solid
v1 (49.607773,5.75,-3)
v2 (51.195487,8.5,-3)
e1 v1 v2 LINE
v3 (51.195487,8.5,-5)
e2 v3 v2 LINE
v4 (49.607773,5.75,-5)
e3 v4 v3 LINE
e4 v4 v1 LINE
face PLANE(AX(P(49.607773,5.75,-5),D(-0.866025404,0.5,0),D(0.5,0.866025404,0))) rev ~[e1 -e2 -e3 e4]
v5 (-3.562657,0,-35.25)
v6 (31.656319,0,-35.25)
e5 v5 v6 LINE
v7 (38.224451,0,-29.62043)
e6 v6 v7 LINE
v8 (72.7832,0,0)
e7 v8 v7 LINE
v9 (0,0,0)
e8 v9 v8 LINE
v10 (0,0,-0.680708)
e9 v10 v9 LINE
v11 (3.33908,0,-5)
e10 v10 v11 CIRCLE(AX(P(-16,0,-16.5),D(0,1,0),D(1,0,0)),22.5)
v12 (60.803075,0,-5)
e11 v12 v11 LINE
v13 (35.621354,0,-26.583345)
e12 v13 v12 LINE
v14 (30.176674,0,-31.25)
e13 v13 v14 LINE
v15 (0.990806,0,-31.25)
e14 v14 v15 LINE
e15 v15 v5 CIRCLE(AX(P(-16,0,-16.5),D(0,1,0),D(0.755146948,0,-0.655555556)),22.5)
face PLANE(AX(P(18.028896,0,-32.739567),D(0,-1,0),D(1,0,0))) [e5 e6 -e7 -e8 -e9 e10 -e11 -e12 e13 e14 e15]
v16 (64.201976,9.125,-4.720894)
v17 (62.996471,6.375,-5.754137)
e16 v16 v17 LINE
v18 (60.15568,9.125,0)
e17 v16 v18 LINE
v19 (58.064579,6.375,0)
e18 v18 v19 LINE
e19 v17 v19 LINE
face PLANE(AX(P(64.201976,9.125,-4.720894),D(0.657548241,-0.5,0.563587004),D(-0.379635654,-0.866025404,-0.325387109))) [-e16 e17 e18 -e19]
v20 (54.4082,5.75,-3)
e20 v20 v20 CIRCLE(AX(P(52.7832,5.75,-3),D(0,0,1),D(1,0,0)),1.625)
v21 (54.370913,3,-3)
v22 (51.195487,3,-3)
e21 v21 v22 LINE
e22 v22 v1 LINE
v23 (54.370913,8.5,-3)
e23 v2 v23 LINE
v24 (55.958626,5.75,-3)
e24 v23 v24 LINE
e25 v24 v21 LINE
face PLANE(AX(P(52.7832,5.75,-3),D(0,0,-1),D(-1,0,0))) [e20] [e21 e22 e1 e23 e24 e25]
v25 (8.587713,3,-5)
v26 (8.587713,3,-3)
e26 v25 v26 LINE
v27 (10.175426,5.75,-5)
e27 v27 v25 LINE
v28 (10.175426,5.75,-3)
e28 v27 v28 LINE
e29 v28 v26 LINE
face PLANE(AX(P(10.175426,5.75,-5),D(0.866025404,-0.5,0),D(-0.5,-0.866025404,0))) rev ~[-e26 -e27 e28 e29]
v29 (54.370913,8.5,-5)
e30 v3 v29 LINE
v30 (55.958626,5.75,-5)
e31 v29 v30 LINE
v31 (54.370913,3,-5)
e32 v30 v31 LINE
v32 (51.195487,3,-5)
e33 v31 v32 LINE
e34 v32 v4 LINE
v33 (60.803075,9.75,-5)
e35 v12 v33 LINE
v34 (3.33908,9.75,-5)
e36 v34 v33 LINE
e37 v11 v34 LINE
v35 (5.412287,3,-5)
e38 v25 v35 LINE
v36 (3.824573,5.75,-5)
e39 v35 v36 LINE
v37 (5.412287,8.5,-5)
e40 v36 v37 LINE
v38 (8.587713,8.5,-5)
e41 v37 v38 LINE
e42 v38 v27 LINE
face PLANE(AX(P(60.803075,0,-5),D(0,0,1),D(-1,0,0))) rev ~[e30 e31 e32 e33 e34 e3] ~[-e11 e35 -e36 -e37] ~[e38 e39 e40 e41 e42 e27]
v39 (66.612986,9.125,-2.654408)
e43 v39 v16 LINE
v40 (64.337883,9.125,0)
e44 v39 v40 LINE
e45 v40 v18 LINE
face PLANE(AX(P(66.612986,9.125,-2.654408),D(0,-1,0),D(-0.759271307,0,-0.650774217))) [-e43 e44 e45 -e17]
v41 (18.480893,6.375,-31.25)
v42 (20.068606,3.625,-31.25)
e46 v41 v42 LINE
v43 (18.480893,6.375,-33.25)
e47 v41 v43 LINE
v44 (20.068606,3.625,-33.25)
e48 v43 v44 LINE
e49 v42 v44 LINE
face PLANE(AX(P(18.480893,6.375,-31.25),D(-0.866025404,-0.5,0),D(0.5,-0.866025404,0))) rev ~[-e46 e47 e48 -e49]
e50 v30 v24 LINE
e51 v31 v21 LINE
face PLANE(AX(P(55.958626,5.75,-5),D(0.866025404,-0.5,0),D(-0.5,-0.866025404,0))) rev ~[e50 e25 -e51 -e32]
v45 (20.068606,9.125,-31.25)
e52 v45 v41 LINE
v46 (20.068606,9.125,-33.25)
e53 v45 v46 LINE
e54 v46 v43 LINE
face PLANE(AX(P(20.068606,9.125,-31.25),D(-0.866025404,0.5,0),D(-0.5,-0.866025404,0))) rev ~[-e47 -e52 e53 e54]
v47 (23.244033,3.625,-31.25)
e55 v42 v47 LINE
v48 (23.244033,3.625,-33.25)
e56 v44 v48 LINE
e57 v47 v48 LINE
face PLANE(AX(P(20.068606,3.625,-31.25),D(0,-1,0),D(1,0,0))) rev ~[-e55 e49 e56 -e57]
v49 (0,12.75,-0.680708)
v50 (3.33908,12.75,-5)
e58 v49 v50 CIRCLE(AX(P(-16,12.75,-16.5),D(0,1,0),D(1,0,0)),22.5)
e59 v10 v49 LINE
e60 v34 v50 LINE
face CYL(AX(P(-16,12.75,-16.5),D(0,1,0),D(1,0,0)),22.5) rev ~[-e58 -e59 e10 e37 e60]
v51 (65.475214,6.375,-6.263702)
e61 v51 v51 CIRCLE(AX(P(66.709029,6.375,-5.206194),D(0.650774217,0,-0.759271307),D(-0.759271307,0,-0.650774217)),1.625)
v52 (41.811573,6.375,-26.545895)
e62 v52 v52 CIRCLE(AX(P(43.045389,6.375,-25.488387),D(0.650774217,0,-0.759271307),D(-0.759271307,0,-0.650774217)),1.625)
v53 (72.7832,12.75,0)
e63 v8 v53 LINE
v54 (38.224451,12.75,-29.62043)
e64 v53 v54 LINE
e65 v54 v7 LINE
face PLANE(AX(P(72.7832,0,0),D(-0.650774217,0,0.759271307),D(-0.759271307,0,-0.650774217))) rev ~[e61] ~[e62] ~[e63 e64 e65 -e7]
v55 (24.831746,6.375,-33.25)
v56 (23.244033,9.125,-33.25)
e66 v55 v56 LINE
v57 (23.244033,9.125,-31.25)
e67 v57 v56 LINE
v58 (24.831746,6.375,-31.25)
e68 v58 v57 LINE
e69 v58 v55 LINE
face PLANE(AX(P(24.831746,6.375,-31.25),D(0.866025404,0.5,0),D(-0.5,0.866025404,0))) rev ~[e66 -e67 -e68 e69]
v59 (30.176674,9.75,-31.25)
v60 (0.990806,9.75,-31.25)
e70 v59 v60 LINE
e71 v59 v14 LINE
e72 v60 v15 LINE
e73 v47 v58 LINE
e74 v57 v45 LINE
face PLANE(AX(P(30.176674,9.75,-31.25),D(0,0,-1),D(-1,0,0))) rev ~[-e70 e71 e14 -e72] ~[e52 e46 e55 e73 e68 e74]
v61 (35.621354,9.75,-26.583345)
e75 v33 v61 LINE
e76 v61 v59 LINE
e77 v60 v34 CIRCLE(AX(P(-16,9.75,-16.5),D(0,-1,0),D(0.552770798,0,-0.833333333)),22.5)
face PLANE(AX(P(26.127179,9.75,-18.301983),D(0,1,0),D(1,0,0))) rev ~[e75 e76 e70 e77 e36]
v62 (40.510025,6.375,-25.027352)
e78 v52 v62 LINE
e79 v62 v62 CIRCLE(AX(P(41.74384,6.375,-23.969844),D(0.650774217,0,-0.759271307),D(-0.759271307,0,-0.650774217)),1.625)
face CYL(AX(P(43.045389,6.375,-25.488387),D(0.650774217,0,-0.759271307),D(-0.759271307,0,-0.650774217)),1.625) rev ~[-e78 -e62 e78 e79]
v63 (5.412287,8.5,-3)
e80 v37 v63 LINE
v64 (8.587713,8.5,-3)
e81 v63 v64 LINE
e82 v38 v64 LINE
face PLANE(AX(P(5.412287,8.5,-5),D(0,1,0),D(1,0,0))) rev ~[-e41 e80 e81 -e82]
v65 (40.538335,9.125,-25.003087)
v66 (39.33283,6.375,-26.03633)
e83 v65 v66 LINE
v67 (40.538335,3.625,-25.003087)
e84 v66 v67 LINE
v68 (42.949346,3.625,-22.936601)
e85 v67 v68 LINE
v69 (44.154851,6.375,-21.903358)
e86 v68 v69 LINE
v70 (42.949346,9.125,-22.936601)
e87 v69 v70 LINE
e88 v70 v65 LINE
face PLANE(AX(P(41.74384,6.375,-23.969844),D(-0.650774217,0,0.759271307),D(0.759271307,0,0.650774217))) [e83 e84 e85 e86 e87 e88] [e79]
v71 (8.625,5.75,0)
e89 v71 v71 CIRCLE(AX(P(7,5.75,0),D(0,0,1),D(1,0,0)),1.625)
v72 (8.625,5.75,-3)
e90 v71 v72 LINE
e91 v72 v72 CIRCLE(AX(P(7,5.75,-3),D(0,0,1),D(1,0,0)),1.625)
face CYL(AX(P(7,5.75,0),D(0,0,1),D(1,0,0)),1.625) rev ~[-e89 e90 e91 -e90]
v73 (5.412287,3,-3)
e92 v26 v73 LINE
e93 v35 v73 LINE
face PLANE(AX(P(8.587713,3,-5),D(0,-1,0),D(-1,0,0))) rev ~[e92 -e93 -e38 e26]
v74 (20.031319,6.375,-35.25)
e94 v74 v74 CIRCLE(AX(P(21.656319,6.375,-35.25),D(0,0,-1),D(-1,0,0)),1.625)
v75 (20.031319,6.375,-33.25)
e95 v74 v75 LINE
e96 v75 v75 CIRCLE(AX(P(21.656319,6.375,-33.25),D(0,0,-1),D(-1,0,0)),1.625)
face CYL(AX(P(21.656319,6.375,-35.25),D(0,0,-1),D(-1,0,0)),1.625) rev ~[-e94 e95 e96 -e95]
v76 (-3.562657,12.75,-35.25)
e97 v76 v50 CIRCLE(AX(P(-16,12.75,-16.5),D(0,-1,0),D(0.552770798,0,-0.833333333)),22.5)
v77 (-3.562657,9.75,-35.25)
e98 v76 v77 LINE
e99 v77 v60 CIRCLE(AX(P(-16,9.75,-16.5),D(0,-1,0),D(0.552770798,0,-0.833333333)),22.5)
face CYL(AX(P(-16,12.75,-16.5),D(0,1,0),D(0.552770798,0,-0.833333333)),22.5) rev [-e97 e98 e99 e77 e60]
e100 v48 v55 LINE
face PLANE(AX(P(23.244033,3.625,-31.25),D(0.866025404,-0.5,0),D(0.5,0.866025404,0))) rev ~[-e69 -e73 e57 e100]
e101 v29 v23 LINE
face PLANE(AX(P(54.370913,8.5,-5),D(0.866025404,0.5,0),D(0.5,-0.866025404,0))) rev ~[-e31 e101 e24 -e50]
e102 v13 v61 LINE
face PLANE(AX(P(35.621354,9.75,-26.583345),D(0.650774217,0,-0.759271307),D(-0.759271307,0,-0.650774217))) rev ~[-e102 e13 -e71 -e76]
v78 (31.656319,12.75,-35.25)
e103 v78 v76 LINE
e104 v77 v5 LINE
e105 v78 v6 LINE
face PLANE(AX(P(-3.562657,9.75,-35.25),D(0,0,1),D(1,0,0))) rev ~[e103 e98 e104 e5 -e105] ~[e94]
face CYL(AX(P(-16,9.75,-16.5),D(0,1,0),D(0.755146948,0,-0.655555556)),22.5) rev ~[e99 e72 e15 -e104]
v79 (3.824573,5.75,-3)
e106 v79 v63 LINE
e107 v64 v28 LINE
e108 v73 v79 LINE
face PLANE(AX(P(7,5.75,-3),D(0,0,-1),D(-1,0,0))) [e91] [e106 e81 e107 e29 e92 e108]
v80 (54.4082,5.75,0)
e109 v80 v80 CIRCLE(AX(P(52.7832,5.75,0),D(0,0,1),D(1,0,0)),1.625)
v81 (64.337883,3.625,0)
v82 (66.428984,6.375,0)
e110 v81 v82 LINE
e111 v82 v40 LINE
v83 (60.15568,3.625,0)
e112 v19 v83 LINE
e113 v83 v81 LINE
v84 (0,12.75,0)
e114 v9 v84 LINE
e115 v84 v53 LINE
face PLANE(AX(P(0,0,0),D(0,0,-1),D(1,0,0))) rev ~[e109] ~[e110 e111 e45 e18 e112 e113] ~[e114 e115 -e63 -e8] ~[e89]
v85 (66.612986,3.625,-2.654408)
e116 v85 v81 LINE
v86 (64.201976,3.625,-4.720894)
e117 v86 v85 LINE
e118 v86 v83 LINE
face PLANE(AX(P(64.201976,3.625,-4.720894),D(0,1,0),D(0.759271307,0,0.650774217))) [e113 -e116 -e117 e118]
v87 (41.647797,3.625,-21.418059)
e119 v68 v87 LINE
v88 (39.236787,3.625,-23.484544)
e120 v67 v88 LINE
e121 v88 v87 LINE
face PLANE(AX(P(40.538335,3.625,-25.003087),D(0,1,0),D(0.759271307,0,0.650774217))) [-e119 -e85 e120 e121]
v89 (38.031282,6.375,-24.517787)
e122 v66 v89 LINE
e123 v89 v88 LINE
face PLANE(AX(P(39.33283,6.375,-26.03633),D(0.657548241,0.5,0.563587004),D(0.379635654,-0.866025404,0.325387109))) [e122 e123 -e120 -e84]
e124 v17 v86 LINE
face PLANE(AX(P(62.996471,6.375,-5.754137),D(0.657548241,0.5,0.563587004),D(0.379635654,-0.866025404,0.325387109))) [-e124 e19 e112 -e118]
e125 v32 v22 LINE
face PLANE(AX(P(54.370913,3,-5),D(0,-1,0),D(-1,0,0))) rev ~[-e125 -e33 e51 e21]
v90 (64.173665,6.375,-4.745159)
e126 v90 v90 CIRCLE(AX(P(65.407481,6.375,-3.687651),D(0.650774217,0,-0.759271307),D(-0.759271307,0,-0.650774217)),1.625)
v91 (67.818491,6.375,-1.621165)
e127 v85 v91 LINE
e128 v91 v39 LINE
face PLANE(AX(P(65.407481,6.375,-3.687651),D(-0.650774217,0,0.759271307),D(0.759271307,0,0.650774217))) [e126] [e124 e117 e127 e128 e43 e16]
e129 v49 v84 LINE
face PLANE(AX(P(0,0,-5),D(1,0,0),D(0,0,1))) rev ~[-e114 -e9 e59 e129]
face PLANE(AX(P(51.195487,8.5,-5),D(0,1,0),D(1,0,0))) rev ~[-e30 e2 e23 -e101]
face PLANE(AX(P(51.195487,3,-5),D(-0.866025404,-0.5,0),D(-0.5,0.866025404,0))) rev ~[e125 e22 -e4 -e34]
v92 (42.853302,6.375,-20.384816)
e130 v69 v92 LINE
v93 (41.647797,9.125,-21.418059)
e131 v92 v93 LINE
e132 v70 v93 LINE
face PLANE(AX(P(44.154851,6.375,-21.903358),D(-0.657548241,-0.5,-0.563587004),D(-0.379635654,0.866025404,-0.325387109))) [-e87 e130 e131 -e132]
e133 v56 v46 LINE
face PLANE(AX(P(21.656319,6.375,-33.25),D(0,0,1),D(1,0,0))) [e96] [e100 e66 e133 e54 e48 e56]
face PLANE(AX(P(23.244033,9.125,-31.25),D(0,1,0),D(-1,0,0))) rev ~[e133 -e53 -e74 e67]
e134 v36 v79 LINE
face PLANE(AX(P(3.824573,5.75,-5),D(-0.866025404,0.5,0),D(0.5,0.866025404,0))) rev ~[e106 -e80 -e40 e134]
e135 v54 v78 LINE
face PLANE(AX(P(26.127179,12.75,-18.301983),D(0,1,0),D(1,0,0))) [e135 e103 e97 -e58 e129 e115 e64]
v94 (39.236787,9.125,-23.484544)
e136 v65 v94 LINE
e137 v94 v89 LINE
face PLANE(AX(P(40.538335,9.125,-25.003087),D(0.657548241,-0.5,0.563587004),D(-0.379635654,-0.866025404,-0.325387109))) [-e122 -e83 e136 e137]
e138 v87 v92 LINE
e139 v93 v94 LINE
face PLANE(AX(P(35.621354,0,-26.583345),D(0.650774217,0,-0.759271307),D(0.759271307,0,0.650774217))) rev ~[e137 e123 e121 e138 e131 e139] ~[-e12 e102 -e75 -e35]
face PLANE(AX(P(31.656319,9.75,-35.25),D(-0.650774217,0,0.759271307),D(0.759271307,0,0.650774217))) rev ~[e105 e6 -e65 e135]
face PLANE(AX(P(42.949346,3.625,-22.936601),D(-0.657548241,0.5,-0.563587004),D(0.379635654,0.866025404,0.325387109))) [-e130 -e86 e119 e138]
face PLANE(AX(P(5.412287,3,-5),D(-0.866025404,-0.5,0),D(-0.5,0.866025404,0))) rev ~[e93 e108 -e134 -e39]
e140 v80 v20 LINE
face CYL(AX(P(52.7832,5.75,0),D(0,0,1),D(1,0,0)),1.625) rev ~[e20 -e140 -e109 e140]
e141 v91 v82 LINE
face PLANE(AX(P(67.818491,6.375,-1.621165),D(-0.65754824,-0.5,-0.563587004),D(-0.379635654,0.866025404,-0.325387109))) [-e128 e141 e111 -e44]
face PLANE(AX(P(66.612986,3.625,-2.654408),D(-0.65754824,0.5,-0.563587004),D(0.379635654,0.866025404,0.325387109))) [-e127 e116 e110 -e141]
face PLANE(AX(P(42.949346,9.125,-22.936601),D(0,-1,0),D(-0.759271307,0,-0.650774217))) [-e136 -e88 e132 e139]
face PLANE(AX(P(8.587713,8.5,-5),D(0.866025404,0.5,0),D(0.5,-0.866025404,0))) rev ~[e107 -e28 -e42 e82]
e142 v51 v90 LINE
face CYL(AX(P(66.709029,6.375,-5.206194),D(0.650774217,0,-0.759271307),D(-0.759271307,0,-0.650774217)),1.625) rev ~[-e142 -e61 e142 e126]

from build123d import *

# Parameters (mm, degrees)
SALIENTE_EXTRUIR1_DEPTH = 12.75
CORTAR_EXTRUIR1_REACH   = 31.62
CROQUIS2_R              = 1.625
CROQUIS3_R              = 22.5
CORTAR_EXTRUIR2_DEPTH   = 13.75
SALIENTE_EXTRUIR2_DEPTH = 3
SALIENTE_EXTRUIR3_DEPTH = 9.75
CROQUIS6_R              = 1.625
CORTAR_EXTRUIR3_DEPTH   = 10
CORTAR_EXTRUIR4_START   = -2
CORTAR_EXTRUIR4_DEPTH   = 10
CORTAR_EXTRUIR5_START   = -2
CORTAR_EXTRUIR5_DEPTH   = 10
CORTAR_EXTRUIR6_DEPTH   = 2
CORTAR_EXTRUIR7_REACH   = 37.25
CROQUIS10_R             = 1.625
CORTAR_EXTRUIR8_DEPTH   = 2


with BuildPart() as part:
    # Croquis1 → Saliente-Extruir1 (new body)
    with BuildSketch(Plane(origin=(0, 0, 0), x_dir=(1, 0, 0), z_dir=(0, 1, 0))):
        Polygon((0, 0), (72.78319995, 0), (38.224450787, 29.62043043), (35.621353918, 26.5833452), (60.803074847, 5), (0, 5), align=None)
    extrude(amount=SALIENTE_EXTRUIR1_DEPTH)

    # Croquis2 → Cortar-Extruir1 (cut, up to next)
    with BuildSketch(Plane.XY, mode=Mode.PRIVATE) as cortar_extruir1_sk1:
        with Locations((52.78319995, 5.75)):
            Circle(CROQUIS2_R)
    cortar_extruir1_tool1 = extrude(cortar_extruir1_sk1.sketch, amount=-CORTAR_EXTRUIR1_REACH, mode=Mode.PRIVATE) & part.part
    add(cortar_extruir1_tool1.solids().sort_by_distance((52.7832, 5.75, 0))[0], mode=Mode.SUBTRACT)
    # Croquis2 → Cortar-Extruir1 (cut, up to next)
    with BuildSketch(Plane.XY, mode=Mode.PRIVATE) as cortar_extruir1_sk2:
        with Locations((6.99999995, 5.75)):
            Circle(CROQUIS2_R)
    cortar_extruir1_tool2 = extrude(cortar_extruir1_sk2.sketch, amount=-CORTAR_EXTRUIR1_REACH, mode=Mode.PRIVATE) & part.part
    add(cortar_extruir1_tool2.solids().sort_by_distance((7, 5.75, 0))[0], mode=Mode.SUBTRACT)

    # Croquis3 → Cortar-Extruir2 (cut, through all)
    with BuildSketch(Plane(origin=(0, 12.75, 0), x_dir=(1, 0, 0), z_dir=(0, 1, 0))):
        with Locations((-16, 16.5)):
            Circle(CROQUIS3_R)
    extrude(amount=-CORTAR_EXTRUIR2_DEPTH, mode=Mode.SUBTRACT)

    # Croquis4 → Saliente-Extruir2 (add)
    with BuildSketch(Plane(origin=(0, 12.75, 0), x_dir=(1, 0, 0), z_dir=(0, 1, 0))):
        with BuildLine():
            Line((38.224450787, 29.62043043), (31.656319269, 35.25))
            Line((31.656319269, 35.25), (-3.562657036, 35.25))
            ThreePointArc((-3.562657036, 35.25), (5.936291456, 21.504909307), (3.339079606, 5))
            Line((3.339079606, 5), (60.803074847, 5))
            Line((60.803074847, 5), (35.621353918, 26.5833452))
            Line((35.621353918, 26.5833452), (38.224450787, 29.62043043))
        make_face()
    extrude(amount=-SALIENTE_EXTRUIR2_DEPTH)

    # Croquis5 → Saliente-Extruir3 (add)
    with BuildSketch(Plane.XZ.offset(-9.75)):
        with BuildLine():
            Line((-3.562657036, -35.25), (31.656319269, -35.25))
            Line((31.656319269, -35.25), (38.224450787, -29.62043043))
            Line((38.224450787, -29.62043043), (35.621353918, -26.5833452))
            Line((35.621353918, -26.5833452), (30.17667434, -31.25))
            Line((30.17667434, -31.25), (0.990806338, -31.25))
            ThreePointArc((0.990806338, -31.25), (-1.15062315, -33.404023402), (-3.562657036, -35.25))
        make_face()
    extrude(amount=SALIENTE_EXTRUIR3_DEPTH)

    # Croquis6 → Cortar-Extruir3 (cut)
    with BuildSketch(Plane(origin=(30.824200619, 0, -35.963211942), x_dir=(-0.759271307, 0, -0.650774217), z_dir=(0.650774217, 0, -0.759271307))):
        with Locations((-47.262195378, 6.375)):
            Circle(CROQUIS6_R)
        with Locations((-16.095943758, 6.375)):
            Circle(CROQUIS6_R)
    extrude(amount=-CORTAR_EXTRUIR3_DEPTH, mode=Mode.SUBTRACT)

    # Croquis7 → Cortar-Extruir4 (cut)
    with BuildSketch(Plane(origin=(28.22110375, 0, -32.926126712), x_dir=(0.759271307, 0, 0.650774217), z_dir=(-0.650774217, 0, 0.759271307)).offset(CORTAR_EXTRUIR4_START)):
        Polygon((48.849908618, 3.625), (50.437621859, 6.375), (48.849908618, 9.125), (45.674482138, 9.125), (44.086768898, 6.375), (45.674482138, 3.625), align=None)
    extrude(amount=CORTAR_EXTRUIR4_DEPTH, mode=Mode.SUBTRACT)

    # Croquis8 → Cortar-Extruir5 (cut)
    with BuildSketch(Plane(origin=(28.22110375, 0, -32.926126712), x_dir=(0.759271307, 0, 0.650774217), z_dir=(-0.650774217, 0, 0.759271307)).offset(CORTAR_EXTRUIR5_START)):
        Polygon((17.683656999, 3.625), (19.271370239, 6.375), (17.683656999, 9.125), (14.508230518, 9.125), (12.920517278, 6.375), (14.508230518, 3.625), align=None)
    extrude(amount=CORTAR_EXTRUIR5_DEPTH, mode=Mode.SUBTRACT)

    # Croquis9 → Cortar-Extruir6 (cut)
    with BuildSketch(Plane(origin=(0, 0, -5), x_dir=(-1, 0, 0), z_dir=(0, 0, -1))):
        Polygon((-5.41228671, 3), (-3.824573469, 5.75), (-5.41228671, 8.5), (-8.58771319, 8.5), (-10.175426431, 5.75), (-8.58771319, 3), align=None)
        Polygon((-51.19548671, 3), (-49.607773469, 5.75), (-51.19548671, 8.5), (-54.37091319, 8.5), (-55.958626431, 5.75), (-54.37091319, 3), align=None)
    extrude(amount=-CORTAR_EXTRUIR6_DEPTH, mode=Mode.SUBTRACT)

    # Croquis10 → Cortar-Extruir7 (cut, up to next)
    with BuildSketch(Plane(origin=(0, 0, -35.25), x_dir=(-1, 0, 0), z_dir=(0, 0, -1)), mode=Mode.PRIVATE) as cortar_extruir7_sk1:
        with Locations((-21.656319269, 6.375)):
            Circle(CROQUIS10_R)
    cortar_extruir7_tool1 = extrude(cortar_extruir7_sk1.sketch, amount=-CORTAR_EXTRUIR7_REACH, mode=Mode.PRIVATE) & part.part
    add(cortar_extruir7_tool1.solids().sort_by_distance((21.656319, 6.375, -35.25))[0], mode=Mode.SUBTRACT)

    # Croquis11 → Cortar-Extruir8 (cut)
    with BuildSketch(Plane.XY.offset(-31.25)):
        Polygon((23.24403251, 3.625), (24.83174575, 6.375), (23.24403251, 9.125), (20.068606029, 9.125), (18.480892789, 6.375), (20.068606029, 3.625), align=None)
    extrude(amount=-CORTAR_EXTRUIR8_DEPTH, mode=Mode.SUBTRACT)


solid = part.part
